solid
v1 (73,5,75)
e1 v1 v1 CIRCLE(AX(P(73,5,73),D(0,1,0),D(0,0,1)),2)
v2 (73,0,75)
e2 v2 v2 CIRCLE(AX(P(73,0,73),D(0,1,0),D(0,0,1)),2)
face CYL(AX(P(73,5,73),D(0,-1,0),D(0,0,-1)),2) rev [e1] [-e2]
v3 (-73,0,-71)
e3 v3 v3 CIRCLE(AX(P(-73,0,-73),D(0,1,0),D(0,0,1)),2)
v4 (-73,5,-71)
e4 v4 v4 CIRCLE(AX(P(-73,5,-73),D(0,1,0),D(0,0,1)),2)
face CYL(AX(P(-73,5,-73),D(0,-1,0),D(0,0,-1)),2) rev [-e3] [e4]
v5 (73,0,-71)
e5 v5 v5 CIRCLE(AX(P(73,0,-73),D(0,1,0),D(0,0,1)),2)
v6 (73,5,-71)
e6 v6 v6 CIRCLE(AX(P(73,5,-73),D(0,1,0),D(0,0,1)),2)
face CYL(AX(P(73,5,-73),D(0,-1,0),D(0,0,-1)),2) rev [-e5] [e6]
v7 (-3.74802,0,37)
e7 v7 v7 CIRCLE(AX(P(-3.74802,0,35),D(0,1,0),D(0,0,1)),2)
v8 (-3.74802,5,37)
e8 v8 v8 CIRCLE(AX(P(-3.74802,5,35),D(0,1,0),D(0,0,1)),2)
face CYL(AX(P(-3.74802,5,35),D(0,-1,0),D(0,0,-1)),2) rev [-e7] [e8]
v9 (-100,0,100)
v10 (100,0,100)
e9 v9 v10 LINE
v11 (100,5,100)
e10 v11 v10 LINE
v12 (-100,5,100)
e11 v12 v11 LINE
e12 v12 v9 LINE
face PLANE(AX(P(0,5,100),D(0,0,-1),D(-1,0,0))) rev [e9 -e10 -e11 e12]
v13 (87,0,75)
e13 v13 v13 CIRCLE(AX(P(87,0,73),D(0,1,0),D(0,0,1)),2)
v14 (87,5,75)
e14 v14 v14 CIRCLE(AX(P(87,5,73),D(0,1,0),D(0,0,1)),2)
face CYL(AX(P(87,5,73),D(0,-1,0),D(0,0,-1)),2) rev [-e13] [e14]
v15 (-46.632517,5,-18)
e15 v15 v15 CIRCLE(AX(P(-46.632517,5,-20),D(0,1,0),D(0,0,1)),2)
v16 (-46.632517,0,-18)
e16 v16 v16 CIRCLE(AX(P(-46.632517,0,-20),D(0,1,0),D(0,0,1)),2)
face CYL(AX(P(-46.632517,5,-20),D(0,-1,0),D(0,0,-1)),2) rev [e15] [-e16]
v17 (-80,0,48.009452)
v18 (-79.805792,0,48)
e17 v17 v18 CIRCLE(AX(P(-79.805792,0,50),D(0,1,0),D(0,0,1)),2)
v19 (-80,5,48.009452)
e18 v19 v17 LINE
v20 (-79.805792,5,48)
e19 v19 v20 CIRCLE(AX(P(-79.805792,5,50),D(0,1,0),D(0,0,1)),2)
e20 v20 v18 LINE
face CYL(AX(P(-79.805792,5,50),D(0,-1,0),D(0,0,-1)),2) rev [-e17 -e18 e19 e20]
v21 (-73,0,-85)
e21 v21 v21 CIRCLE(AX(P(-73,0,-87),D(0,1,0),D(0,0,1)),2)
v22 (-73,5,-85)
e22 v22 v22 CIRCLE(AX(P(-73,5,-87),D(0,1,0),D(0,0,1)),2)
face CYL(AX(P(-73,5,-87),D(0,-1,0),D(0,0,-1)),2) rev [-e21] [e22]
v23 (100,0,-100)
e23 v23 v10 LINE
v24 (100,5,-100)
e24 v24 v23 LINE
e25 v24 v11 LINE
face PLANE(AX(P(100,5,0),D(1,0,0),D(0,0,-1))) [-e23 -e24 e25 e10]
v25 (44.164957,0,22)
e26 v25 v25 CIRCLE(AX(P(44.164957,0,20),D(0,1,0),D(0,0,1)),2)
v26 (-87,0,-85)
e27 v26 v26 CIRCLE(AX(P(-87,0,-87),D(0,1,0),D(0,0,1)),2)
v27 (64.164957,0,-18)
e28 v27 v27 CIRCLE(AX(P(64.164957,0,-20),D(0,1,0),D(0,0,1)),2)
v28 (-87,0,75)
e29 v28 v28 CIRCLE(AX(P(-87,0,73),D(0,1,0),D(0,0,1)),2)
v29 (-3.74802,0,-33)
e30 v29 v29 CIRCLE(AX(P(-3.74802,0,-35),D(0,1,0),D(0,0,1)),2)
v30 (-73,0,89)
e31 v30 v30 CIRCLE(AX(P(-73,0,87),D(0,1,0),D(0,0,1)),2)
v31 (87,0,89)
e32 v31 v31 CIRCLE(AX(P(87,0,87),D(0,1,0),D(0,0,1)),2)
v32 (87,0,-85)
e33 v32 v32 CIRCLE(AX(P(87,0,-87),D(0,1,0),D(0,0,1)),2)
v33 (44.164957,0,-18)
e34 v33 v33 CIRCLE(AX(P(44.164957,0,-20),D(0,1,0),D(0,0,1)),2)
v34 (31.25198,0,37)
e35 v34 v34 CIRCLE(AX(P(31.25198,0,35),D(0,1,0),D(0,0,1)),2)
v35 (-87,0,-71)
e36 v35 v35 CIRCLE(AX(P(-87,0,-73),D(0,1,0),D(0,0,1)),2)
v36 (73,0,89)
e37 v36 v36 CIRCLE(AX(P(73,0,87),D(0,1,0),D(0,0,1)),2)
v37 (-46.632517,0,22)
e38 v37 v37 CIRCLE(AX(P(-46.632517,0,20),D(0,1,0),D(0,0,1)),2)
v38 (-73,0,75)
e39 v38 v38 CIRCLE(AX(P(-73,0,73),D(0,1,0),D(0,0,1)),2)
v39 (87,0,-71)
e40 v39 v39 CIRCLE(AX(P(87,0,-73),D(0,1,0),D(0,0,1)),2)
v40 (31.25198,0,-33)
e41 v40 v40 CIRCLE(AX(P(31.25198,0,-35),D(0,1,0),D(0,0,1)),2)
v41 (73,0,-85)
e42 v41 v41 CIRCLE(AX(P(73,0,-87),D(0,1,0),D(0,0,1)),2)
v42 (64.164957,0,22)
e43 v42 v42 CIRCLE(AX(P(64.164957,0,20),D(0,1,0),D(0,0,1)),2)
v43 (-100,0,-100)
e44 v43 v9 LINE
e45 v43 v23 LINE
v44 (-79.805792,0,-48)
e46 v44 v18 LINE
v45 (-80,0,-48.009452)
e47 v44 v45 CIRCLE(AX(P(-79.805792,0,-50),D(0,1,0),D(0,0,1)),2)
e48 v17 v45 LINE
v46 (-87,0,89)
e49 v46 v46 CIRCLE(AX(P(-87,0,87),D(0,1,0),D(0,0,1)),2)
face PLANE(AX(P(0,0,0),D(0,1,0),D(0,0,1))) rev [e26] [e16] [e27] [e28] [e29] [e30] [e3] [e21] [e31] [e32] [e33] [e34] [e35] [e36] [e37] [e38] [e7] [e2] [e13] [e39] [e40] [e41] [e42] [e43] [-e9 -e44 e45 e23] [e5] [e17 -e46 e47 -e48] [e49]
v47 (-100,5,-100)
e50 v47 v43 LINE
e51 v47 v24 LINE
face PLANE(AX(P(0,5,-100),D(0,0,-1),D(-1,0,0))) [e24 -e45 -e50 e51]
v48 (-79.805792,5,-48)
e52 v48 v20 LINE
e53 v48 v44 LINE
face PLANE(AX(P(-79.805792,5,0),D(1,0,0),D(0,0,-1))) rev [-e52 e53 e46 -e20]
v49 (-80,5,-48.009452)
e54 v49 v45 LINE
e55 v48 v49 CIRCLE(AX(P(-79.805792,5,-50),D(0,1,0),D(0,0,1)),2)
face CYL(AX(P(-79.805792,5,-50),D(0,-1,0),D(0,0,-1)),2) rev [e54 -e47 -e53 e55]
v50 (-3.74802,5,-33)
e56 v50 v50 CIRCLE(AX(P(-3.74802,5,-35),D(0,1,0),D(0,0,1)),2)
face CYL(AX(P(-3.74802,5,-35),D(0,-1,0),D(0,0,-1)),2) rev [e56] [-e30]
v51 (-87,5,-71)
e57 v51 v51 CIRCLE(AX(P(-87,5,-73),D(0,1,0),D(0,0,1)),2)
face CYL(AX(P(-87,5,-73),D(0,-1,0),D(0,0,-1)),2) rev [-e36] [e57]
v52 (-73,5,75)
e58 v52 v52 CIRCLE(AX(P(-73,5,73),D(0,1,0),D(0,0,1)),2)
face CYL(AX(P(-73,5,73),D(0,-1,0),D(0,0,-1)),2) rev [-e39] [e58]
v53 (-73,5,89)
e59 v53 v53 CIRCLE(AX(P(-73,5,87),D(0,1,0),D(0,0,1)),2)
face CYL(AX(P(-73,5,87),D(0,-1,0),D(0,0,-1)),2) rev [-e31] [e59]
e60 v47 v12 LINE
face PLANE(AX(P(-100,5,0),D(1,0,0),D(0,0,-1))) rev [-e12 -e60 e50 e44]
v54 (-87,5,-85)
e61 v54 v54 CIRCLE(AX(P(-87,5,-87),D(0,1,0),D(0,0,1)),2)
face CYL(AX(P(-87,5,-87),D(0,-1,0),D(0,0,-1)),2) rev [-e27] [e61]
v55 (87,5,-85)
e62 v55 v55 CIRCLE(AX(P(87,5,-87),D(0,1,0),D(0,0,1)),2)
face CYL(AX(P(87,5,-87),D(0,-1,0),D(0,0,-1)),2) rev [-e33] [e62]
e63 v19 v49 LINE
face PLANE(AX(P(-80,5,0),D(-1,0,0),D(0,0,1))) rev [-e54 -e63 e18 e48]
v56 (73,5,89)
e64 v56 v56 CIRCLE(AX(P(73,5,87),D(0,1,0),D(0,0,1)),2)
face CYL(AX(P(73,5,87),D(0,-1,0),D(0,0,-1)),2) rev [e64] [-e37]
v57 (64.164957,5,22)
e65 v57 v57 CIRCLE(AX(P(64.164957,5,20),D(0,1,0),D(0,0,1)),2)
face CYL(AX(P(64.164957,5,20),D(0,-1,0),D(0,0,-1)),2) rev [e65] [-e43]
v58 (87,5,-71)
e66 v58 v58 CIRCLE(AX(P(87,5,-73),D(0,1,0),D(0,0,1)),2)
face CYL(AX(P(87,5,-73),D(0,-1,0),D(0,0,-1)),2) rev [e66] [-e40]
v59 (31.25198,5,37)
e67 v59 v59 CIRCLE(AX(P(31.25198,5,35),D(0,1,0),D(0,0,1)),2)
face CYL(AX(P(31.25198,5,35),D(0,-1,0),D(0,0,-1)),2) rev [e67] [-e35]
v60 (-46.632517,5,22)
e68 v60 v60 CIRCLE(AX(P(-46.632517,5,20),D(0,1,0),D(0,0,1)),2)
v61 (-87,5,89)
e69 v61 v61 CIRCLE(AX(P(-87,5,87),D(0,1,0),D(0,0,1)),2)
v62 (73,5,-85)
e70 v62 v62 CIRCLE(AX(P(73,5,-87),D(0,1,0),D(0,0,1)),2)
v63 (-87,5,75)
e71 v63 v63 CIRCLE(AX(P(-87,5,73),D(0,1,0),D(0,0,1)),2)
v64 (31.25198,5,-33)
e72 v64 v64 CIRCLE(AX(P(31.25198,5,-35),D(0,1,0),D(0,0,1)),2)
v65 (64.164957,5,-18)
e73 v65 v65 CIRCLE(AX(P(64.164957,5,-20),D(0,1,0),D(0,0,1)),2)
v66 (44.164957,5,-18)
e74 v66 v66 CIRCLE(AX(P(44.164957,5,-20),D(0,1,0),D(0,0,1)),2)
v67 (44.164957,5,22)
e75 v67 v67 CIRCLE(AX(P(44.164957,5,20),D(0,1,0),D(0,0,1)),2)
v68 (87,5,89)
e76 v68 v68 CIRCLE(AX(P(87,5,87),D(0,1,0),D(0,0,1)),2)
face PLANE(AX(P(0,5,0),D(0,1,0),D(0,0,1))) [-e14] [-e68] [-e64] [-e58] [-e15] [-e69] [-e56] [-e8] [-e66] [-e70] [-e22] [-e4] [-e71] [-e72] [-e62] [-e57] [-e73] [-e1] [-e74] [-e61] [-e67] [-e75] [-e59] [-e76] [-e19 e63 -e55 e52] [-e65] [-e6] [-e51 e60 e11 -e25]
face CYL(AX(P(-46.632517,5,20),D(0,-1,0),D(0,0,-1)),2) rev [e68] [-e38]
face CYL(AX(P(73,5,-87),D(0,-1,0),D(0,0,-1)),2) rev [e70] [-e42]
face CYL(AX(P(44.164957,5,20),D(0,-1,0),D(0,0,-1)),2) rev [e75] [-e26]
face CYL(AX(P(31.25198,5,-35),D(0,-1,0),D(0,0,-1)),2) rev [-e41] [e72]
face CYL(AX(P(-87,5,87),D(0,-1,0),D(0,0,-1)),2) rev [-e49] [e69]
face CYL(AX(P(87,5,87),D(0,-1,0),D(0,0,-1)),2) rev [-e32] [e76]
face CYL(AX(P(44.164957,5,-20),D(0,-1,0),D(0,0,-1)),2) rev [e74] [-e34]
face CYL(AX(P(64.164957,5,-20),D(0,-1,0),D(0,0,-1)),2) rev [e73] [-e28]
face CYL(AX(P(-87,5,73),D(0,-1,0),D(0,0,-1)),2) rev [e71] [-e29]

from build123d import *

# Parameters (mm, degrees)
SKETCH_1_W      = 200
SKETCH_1_H      = 200
SKETCH_1_R      = 2
EXTRUDE_2_DEPTH = 5


with BuildPart() as part:
    # 草图1 → 凸台-拉伸2 (new body)
    with BuildSketch(Plane(origin=(0, 0, 0), x_dir=(1, 0, 0), z_dir=(0, 1, 0))):
        Rectangle(SKETCH_1_W, SKETCH_1_H)
        with Locations(Location((-87, -87, 0), (0, 0, 270))):
            Circle(SKETCH_1_R, mode=Mode.SUBTRACT)
        with Locations(Location((-73, -87, 0), (0, 0, 270))):
            Circle(SKETCH_1_R, mode=Mode.SUBTRACT)
        with Locations(Location((-87, -73, 0), (0, 0, 270))):
            Circle(SKETCH_1_R, mode=Mode.SUBTRACT)
        with Locations(Location((-73, -73, 0), (0, 0, 270))):
            Circle(SKETCH_1_R, mode=Mode.SUBTRACT)
        with Locations(Location((-46.632517143, -20, 0), (0, 0, 270))):
            Circle(SKETCH_1_R, mode=Mode.SUBTRACT)
        with Locations(Location((-3.748020408, -35, 0), (0, 0, 270))):
            Circle(SKETCH_1_R, mode=Mode.SUBTRACT)
        with Locations(Location((73, -87, 0), (0, 0, 270))):
            Circle(SKETCH_1_R, mode=Mode.SUBTRACT)
        with Locations(Location((87, -87, 0), (0, 0, 270))):
            Circle(SKETCH_1_R, mode=Mode.SUBTRACT)
        with Locations(Location((73, -73, 0), (0, 0, 270))):
            Circle(SKETCH_1_R, mode=Mode.SUBTRACT)
        with Locations(Location((87, -73, 0), (0, 0, 270))):
            Circle(SKETCH_1_R, mode=Mode.SUBTRACT)
        with Locations(Location((31.251979592, -35, 0), (0, 0, 270))):
            Circle(SKETCH_1_R, mode=Mode.SUBTRACT)
        with Locations(Location((44.164957179, -20, 0), (0, 0, 270))):
            Circle(SKETCH_1_R, mode=Mode.SUBTRACT)
        with Locations(Location((64.164957179, -20, 0), (0, 0, 270))):
            Circle(SKETCH_1_R, mode=Mode.SUBTRACT)
        with BuildLine():
            Line((-79.805791506, 48), (-79.805791506, -48))
            ThreePointArc((-79.805791506, -48), (-79.708572332, -51.997635711), (-80, -48.009451568))
            Line((-80, -48.009451568), (-80, 48.009451568))
            ThreePointArc((-80, 48.009451568), (-79.708572332, 51.997635711), (-79.805791506, 48))
        make_face(mode=Mode.SUBTRACT)
        with Locations(Location((-46.632517143, 20, 0), (0, 0, 270))):
            Circle(SKETCH_1_R, mode=Mode.SUBTRACT)
        with Locations(Location((-3.748020408, 35, 0), (0, 0, 270))):
            Circle(SKETCH_1_R, mode=Mode.SUBTRACT)
        with Locations(Location((-87, 73, 0), (0, 0, 270))):
            Circle(SKETCH_1_R, mode=Mode.SUBTRACT)
        with Locations(Location((-73, 73, 0), (0, 0, 270))):
            Circle(SKETCH_1_R, mode=Mode.SUBTRACT)
        with Locations(Location((-87, 87, 0), (0, 0, 270))):
            Circle(SKETCH_1_R, mode=Mode.SUBTRACT)
        with Locations(Location((-73, 87, 0), (0, 0, 270))):
            Circle(SKETCH_1_R, mode=Mode.SUBTRACT)
        with Locations(Location((44.164957179, 20, 0), (0, 0, 270))):
            Circle(SKETCH_1_R, mode=Mode.SUBTRACT)
        with Locations(Location((31.251979592, 35, 0), (0, 0, 270))):
            Circle(SKETCH_1_R, mode=Mode.SUBTRACT)
        with Locations(Location((64.164957179, 20, 0), (0, 0, 270))):
            Circle(SKETCH_1_R, mode=Mode.SUBTRACT)
        with Locations(Location((73, 73, 0), (0, 0, 270))):
            Circle(SKETCH_1_R, mode=Mode.SUBTRACT)
        with Locations(Location((87, 73, 0), (0, 0, 270))):
            Circle(SKETCH_1_R, mode=Mode.SUBTRACT)
        with Locations(Location((73, 87, 0), (0, 0, 270))):
            Circle(SKETCH_1_R, mode=Mode.SUBTRACT)
        with Locations(Location((87, 87, 0), (0, 0, 270))):
            Circle(SKETCH_1_R, mode=Mode.SUBTRACT)
    extrude(amount=EXTRUDE_2_DEPTH)


solid = part.part
